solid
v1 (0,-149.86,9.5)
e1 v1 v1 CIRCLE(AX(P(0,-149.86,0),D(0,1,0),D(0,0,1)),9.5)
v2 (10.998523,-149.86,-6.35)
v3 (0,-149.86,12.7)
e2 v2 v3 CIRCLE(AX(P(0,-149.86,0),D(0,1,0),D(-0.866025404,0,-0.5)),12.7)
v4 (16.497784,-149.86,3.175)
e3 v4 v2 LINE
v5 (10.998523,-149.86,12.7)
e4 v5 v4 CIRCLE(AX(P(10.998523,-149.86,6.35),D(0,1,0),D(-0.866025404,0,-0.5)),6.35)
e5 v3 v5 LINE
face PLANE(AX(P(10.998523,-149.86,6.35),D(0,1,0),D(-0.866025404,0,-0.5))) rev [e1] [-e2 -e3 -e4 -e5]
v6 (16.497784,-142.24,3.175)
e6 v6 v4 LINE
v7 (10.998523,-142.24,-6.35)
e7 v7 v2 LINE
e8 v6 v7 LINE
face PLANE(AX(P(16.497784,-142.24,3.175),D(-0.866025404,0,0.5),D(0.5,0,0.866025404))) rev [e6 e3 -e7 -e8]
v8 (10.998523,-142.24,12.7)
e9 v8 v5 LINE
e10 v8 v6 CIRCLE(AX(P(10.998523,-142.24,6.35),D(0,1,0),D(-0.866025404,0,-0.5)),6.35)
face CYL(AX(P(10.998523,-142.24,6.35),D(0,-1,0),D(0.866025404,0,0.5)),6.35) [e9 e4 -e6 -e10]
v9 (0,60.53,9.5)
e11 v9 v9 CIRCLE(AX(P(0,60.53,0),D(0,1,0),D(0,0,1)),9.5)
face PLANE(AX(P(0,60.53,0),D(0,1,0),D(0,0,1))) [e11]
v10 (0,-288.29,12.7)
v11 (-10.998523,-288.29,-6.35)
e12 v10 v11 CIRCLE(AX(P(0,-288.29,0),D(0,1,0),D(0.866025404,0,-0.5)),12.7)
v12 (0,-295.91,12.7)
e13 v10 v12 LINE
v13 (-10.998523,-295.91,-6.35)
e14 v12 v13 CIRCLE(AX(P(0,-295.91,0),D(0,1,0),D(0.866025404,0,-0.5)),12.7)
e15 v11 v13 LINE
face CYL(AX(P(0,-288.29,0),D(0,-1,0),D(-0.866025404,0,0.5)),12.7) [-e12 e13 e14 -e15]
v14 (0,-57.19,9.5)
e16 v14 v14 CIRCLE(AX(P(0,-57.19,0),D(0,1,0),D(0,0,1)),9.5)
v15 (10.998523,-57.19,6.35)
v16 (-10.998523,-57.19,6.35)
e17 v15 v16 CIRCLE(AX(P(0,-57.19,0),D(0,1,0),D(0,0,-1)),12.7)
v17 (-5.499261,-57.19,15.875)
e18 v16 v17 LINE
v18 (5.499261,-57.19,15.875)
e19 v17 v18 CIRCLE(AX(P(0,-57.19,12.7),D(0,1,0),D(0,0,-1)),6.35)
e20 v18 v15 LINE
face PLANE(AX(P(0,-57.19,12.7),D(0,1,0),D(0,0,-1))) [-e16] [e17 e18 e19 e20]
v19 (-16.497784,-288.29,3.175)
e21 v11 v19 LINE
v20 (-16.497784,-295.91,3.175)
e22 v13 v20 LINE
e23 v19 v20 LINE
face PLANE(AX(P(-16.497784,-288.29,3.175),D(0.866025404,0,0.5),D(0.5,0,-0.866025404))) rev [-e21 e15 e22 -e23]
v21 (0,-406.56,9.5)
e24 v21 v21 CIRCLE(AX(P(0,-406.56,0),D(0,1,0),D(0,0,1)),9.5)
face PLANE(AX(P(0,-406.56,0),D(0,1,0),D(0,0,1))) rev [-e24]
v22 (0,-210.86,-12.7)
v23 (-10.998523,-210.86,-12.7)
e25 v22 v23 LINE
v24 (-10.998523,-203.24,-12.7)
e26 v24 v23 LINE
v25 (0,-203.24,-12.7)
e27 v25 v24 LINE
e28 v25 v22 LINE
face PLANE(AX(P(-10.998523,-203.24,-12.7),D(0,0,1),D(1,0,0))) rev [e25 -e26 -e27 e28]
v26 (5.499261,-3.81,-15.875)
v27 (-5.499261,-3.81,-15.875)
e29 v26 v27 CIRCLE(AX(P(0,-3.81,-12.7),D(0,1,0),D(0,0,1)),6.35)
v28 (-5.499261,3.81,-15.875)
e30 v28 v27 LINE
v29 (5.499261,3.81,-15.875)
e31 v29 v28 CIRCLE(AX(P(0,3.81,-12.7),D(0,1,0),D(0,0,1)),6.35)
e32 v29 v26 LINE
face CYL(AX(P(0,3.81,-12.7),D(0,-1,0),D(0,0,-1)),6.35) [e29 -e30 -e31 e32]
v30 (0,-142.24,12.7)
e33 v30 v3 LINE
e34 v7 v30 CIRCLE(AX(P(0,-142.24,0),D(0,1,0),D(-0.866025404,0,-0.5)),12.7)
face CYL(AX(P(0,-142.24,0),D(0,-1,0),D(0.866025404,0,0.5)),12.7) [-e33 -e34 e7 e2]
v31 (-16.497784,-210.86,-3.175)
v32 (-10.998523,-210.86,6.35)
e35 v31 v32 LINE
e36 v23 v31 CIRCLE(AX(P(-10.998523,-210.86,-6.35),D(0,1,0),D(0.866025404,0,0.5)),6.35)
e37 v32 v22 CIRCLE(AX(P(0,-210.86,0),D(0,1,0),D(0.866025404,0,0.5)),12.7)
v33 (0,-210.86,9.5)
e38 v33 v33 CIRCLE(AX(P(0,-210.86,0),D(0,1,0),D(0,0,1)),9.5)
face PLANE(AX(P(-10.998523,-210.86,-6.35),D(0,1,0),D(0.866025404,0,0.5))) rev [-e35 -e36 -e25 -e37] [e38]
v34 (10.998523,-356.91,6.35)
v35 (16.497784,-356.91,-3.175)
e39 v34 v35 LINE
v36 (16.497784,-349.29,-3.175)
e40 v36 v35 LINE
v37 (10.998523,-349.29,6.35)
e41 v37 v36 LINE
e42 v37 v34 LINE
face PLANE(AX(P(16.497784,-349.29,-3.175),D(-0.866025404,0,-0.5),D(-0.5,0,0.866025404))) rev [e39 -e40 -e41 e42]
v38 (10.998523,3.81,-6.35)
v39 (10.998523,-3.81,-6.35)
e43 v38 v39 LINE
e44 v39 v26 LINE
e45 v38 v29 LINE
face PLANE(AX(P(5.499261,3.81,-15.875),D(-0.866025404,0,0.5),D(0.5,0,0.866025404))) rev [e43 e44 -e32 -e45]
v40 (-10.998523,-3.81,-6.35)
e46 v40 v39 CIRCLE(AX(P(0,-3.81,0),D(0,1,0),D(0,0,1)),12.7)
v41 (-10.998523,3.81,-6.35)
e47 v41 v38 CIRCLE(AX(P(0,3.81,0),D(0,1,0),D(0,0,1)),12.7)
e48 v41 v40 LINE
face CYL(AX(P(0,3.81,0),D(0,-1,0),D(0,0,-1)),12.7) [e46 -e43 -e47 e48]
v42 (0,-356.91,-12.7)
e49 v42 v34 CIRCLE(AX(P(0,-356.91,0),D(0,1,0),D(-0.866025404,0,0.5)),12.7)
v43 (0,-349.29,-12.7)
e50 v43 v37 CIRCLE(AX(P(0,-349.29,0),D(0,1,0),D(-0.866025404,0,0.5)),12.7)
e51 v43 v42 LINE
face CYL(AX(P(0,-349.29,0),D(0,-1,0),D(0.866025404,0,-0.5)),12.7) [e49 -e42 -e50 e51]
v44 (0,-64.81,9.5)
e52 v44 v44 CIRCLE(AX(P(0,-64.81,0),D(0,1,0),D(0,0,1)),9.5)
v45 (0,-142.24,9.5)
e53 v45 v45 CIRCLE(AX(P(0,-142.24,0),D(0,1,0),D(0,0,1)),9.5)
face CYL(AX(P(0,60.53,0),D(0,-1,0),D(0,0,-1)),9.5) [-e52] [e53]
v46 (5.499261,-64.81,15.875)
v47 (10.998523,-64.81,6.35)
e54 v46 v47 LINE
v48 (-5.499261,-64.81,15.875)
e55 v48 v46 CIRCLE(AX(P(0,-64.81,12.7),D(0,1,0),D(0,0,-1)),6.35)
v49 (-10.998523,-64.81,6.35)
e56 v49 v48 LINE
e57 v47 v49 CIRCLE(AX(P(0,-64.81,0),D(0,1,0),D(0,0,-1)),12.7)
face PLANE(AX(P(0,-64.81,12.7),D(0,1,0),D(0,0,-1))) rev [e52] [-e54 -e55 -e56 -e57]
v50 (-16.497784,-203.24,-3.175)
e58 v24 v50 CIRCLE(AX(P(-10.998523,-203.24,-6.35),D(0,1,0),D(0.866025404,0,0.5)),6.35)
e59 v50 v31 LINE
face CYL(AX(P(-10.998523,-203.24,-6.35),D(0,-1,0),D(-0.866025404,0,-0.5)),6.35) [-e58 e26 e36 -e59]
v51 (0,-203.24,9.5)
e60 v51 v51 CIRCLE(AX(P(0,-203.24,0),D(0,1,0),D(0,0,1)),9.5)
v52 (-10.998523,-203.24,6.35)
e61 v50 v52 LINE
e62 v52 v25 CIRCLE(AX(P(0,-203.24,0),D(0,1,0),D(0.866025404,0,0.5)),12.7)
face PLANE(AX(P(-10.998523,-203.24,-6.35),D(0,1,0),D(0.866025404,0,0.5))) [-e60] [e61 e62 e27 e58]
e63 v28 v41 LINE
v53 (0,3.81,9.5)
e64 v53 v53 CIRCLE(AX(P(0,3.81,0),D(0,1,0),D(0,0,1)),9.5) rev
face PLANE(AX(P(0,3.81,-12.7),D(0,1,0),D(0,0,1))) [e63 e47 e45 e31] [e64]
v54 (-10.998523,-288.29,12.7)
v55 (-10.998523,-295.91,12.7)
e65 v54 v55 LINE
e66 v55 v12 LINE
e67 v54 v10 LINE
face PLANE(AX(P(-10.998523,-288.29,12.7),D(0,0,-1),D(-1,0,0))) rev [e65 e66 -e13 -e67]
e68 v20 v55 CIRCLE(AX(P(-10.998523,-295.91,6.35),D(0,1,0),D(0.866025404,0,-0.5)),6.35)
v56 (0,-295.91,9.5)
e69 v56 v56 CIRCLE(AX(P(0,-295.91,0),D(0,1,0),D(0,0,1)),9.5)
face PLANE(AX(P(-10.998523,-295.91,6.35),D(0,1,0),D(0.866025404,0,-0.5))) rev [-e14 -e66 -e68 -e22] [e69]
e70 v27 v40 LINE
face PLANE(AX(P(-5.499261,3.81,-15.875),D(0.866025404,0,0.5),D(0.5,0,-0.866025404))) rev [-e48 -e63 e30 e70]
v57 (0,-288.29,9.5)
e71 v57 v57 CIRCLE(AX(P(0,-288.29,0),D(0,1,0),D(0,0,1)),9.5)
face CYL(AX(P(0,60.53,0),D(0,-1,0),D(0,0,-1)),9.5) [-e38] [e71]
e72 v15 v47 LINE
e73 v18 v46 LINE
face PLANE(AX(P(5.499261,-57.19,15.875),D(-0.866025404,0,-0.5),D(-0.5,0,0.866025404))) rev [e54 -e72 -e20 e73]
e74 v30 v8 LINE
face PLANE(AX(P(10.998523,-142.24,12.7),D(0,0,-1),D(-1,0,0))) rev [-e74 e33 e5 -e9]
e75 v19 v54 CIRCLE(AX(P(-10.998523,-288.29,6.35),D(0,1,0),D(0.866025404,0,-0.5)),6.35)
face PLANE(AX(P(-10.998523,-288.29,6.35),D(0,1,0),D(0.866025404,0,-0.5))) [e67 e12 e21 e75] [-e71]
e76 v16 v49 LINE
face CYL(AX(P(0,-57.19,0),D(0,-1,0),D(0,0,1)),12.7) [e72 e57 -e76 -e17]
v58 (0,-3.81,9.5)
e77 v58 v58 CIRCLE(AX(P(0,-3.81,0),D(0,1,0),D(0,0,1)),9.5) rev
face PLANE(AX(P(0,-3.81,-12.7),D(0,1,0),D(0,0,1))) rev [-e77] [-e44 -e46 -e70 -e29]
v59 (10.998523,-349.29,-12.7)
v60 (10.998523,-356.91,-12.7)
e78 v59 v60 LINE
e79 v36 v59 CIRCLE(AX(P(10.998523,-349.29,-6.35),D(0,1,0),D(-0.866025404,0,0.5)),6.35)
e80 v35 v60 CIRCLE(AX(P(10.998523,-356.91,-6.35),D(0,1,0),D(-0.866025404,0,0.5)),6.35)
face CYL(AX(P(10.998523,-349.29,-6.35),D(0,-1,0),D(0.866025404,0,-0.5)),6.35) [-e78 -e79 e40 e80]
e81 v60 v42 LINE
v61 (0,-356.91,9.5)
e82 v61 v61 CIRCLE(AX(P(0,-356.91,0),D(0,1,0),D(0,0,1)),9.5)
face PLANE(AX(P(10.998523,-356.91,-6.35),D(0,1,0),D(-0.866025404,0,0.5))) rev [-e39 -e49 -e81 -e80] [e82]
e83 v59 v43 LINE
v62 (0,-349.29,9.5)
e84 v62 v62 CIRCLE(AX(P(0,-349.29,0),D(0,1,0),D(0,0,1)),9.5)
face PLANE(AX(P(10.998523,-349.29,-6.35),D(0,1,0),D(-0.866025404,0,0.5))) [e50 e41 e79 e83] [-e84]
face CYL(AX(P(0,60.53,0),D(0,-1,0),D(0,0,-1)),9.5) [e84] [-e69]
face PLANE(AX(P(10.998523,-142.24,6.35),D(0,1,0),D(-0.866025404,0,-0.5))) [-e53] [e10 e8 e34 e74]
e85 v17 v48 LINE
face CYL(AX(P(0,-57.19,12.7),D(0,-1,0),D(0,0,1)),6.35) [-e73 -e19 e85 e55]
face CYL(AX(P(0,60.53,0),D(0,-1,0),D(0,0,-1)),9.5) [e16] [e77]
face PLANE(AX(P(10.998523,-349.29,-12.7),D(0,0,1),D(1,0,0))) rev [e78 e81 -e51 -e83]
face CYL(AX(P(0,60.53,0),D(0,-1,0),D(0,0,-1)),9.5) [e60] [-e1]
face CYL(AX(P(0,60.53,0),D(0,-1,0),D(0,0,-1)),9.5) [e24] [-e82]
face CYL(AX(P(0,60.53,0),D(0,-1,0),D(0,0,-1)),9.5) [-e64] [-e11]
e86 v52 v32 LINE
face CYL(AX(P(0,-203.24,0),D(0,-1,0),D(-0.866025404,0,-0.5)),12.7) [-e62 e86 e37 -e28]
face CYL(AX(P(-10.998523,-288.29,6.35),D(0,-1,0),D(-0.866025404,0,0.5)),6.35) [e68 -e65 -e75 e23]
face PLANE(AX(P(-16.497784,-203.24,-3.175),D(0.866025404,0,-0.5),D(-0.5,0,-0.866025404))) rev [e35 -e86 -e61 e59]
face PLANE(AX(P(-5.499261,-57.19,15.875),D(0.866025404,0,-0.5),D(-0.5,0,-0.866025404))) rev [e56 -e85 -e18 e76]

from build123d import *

# Parameters (mm, degrees)
BOSS_EXTRUDE1_DEPTH      = 3.81
LPATTERN1_COUNT          = 2
LPATTERN1_PITCH          = 61
BODY_MOVE_COPY1_ANGLE    = 180
LPATTERN2_COUNT          = 3
LPATTERN2_PITCH          = 146.05
BODY_MOVE_COPY2_ANGLE    = 120
BODY_MOVE_COPY3_ANGLE    = 120
BOSS_EXTRUDE2_DEPTH      = 1
BOSS_EXTRUDE2_DEPTH_BACK = 466.09
BOSS_EXTRUDE2_START      = 59.53
SKETCH2_R                = 9.5


with BuildPart() as part:
    # Sketch1 → Boss-Extrude1 (new, symmetric)
    with BuildSketch(Plane(origin=(0, 0, 0), x_dir=(1, 0, 0), z_dir=(0, 1, 0))):
        with BuildLine():
            Line((-5.499261314, 15.875), (-10.998522628, 6.35))
            ThreePointArc((-10.998522628, 6.35), (0, -12.7), (10.998522628, 6.35))
            Line((10.998522628, 6.35), (5.499261314, 15.875))
            ThreePointArc((5.499261314, 15.875), (0, 19.05), (-5.499261314, 15.875))
        make_face()
    extrude(amount=BOSS_EXTRUDE1_DEPTH, both=True)


with BuildPart() as lpattern1_1:
    # LPattern1: pattern copy
    add(part.part.moved(Location(Vector(0, -1, 0) * (1 * LPATTERN1_PITCH))))


with BuildPart() as lpattern1_1_1:
    # Body-Move/Copy1: moved
    add(lpattern1_1.part.rotate(Axis((0, 0, 0), (0, 1, 0)), BODY_MOVE_COPY1_ANGLE))


with BuildPart() as lpattern2_1:
    # LPattern2: pattern copy
    add(part.part.moved(Location(Vector(0, -1, 0) * (1 * LPATTERN2_PITCH))))


with BuildPart() as lpattern2_2:
    # LPattern2: pattern copy
    add(part.part.moved(Location(Vector(0, -1, 0) * (2 * LPATTERN2_PITCH))))


with BuildPart() as lpattern2_3:
    # LPattern2: pattern copy
    add(lpattern1_1_1.part.moved(Location(Vector(0, -1, 0) * (1 * LPATTERN2_PITCH))))


with BuildPart() as lpattern2_4:
    # LPattern2: pattern copy
    add(lpattern1_1_1.part.moved(Location(Vector(0, -1, 0) * (2 * LPATTERN2_PITCH))))


with BuildPart() as lpattern2_1_1:
    # Body-Move/Copy2: moved
    add(lpattern2_1.part.rotate(Axis((0, 0, 0), (0, -1, 0)), BODY_MOVE_COPY2_ANGLE))


with BuildPart() as lpattern2_3_1:
    # Body-Move/Copy2: moved
    add(lpattern2_3.part.rotate(Axis((0, 0, 0), (0, -1, 0)), BODY_MOVE_COPY2_ANGLE))


with BuildPart() as lpattern2_2_1:
    # Body-Move/Copy3: moved
    add(lpattern2_2.part.rotate(Axis((0, 0, 0), (0, 1, 0)), BODY_MOVE_COPY3_ANGLE))


with BuildPart() as lpattern2_4_1:
    # Body-Move/Copy3: moved
    add(lpattern2_4.part.rotate(Axis((0, 0, 0), (0, 1, 0)), BODY_MOVE_COPY3_ANGLE))


with BuildPart() as part_1:
    add(part.part)

    add(lpattern1_1_1.part)  # Boss-Extrude2 merges LPattern1_1

    add(lpattern2_1_1.part)  # Boss-Extrude2 merges LPattern2_1

    add(lpattern2_2_1.part)  # Boss-Extrude2 merges LPattern2_2

    add(lpattern2_3_1.part)  # Boss-Extrude2 merges LPattern2_3

    add(lpattern2_4_1.part)  # Boss-Extrude2 merges LPattern2_4
    # Sketch2 → Boss-Extrude2 (add, two sides: drawn at the far end of the back side and taken through both)
    with BuildSketch(Plane(origin=(0, 0, 0), x_dir=(1, 0, 0), z_dir=(0, 1, 0)).offset(BOSS_EXTRUDE2_START - BOSS_EXTRUDE2_DEPTH_BACK)):
        Circle(SKETCH2_R)
    extrude(amount=BOSS_EXTRUDE2_DEPTH + BOSS_EXTRUDE2_DEPTH_BACK)


solid = part_1.part
